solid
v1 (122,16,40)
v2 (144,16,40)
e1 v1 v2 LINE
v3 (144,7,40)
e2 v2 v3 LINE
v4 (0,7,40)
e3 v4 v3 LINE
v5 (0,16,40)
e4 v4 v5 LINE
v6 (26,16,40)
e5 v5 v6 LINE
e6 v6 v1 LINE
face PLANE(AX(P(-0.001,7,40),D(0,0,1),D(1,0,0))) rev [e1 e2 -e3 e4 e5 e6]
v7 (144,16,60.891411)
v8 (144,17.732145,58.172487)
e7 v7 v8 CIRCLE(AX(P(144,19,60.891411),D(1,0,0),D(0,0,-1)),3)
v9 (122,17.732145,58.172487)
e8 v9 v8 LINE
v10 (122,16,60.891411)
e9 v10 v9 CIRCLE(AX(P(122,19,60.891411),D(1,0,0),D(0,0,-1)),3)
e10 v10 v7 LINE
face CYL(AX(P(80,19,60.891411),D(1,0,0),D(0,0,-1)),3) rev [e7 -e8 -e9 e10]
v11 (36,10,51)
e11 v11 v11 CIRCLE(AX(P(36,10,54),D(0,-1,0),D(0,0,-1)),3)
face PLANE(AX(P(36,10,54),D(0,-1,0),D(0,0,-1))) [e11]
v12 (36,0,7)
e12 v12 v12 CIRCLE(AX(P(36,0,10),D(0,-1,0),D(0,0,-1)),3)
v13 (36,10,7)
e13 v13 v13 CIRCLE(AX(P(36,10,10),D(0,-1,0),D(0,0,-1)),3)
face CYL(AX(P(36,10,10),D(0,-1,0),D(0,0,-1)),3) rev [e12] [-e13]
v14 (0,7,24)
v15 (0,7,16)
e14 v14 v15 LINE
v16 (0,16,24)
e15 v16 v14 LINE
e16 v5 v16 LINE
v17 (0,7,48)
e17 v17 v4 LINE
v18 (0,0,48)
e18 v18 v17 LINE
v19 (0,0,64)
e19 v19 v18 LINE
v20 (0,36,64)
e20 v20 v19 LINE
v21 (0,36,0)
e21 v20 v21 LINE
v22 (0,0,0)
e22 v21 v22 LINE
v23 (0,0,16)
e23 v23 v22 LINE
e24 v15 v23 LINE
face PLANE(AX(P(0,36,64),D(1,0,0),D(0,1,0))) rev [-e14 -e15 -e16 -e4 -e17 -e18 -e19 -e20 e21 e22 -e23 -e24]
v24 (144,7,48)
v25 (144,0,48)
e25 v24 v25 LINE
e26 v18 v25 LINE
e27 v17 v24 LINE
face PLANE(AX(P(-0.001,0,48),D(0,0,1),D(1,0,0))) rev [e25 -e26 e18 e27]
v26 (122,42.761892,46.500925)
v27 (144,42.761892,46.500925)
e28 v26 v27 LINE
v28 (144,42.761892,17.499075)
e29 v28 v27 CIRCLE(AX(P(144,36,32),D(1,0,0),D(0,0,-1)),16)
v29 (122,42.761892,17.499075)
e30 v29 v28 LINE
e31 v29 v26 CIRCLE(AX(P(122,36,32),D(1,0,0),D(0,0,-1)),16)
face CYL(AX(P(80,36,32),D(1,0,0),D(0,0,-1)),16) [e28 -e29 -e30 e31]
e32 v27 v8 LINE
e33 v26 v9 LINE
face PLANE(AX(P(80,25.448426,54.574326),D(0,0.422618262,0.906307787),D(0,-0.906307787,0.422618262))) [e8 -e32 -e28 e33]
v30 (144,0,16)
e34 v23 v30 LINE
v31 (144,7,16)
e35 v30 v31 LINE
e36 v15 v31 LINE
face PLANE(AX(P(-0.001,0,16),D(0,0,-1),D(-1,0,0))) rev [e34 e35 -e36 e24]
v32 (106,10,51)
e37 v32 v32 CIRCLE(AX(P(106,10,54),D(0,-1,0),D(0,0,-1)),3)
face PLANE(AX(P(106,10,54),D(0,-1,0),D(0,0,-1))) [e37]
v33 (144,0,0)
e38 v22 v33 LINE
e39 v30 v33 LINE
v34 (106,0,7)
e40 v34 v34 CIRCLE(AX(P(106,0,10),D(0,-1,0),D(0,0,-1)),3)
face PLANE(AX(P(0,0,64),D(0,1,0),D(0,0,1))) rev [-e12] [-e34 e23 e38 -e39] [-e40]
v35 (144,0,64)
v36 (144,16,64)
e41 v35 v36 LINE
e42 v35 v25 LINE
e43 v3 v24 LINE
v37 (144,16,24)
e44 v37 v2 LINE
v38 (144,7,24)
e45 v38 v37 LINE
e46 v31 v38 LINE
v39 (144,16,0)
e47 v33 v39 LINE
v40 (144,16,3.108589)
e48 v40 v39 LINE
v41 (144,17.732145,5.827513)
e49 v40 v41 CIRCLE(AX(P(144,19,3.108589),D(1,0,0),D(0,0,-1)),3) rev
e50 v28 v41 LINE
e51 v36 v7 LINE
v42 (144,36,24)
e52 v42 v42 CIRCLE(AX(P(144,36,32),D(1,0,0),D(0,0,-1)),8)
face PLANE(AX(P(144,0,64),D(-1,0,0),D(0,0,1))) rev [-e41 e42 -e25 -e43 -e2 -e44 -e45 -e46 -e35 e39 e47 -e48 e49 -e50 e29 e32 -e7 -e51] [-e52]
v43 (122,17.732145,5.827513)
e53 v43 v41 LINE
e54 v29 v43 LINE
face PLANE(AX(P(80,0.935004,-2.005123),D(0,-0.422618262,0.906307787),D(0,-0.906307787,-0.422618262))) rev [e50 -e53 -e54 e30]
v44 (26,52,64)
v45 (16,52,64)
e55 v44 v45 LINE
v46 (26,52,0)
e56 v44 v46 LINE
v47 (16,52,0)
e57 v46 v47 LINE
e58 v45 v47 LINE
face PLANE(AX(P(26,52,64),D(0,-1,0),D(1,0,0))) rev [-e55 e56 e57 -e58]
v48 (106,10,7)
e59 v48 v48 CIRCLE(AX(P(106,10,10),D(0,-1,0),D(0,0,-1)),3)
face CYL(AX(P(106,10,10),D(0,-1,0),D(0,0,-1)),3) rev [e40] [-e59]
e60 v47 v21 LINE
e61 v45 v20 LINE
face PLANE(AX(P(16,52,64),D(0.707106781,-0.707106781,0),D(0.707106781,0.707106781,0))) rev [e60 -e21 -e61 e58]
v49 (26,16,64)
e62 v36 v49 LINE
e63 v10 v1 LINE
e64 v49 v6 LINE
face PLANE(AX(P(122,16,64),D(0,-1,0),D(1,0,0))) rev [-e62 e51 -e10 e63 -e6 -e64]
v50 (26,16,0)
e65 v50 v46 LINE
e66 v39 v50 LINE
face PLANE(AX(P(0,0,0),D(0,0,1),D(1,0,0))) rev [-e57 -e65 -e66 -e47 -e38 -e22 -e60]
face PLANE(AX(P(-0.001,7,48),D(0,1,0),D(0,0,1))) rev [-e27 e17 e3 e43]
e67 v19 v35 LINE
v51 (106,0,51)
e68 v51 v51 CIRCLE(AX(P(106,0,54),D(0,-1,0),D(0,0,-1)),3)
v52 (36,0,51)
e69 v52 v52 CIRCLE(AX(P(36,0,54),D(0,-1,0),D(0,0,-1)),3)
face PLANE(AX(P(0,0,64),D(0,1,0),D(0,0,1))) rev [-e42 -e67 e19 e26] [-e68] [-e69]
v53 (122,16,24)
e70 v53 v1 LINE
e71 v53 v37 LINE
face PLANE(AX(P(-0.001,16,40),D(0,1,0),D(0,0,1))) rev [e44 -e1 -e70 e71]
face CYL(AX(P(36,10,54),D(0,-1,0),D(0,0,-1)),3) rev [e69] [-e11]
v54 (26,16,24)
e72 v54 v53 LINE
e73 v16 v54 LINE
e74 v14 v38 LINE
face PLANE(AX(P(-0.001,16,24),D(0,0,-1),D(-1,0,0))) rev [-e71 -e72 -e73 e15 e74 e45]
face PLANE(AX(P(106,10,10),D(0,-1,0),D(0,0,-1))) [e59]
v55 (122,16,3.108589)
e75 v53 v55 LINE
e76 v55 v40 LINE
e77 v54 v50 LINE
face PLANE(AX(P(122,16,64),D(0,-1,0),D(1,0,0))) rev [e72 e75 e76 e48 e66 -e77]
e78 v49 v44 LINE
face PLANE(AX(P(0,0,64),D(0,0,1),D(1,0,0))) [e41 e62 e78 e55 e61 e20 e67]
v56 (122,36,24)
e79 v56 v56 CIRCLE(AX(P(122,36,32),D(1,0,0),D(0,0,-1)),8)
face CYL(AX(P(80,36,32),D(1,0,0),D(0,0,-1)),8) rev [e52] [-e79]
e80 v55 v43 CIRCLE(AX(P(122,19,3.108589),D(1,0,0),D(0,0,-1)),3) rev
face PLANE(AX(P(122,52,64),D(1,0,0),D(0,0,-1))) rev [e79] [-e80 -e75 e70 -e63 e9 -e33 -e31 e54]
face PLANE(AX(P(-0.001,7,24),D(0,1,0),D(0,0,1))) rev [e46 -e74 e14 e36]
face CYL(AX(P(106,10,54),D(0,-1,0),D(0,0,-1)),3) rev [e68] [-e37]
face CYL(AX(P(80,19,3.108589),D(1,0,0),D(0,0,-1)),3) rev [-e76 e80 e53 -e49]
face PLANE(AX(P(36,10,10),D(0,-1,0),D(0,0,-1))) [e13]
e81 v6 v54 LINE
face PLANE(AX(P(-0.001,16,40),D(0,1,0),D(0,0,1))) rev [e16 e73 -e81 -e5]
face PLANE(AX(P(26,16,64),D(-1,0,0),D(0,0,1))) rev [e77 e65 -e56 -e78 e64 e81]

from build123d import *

# Parameters (mm, degrees)
BOSS_EXTRUDE1_DEPTH = 64
SKETCH2_R           = 8
CUT_EXTRUDE1_DEPTH  = 64
CUT_EXTRUDE2_REACH  = 146
SKETCH4_R           = 3
CUT_EXTRUDE3_DEPTH  = 10


with BuildPart() as part:
    # Sketch1 → Boss-Extrude1 (new body)
    with BuildSketch(Plane.XY):
        Polygon((0, 0), (144, 0), (144, 52), (122, 52), (122, 16), (26, 16), (26, 52), (16, 52), (0, 36), align=None)
    extrude(amount=BOSS_EXTRUDE1_DEPTH)

    # Sketch2 → Cut-Extrude1 (cut)
    with BuildSketch(Plane(origin=(144, 0, 0), x_dir=(0, 0, -1), z_dir=(1, 0, 0))):
        with BuildLine():
            Line((-64, 52), (-64, 16))
            Line((-64, 16), (-60.891410649, 16))
            ThreePointArc((-60.891410649, 16), (-59.279511824, 16.469825663), (-58.172487288, 17.732145215))
            Line((-58.172487288, 17.732145215), (-46.500924593, 42.761892188))
            ThreePointArc((-46.500924593, 42.761892188), (-40.596793734, 49.494263133), (-32, 52))
            Line((-32, 52), (-64, 52))
        make_face()
        with BuildLine():
            Line((0, 52), (-32, 52))
            ThreePointArc((-32, 52), (-23.403206266, 49.494263133), (-17.499075407, 42.761892188))
            Line((-17.499075407, 42.761892188), (-5.827512712, 17.732145215))
            ThreePointArc((-5.827512712, 17.732145215), (-4.720488176, 16.469825663), (-3.108589351, 16))
            Line((-3.108589351, 16), (0, 16))
            Line((0, 16), (0, 52))
        make_face()
        with Locations((-32, 36)):
            Circle(SKETCH2_R)
    extrude(amount=-CUT_EXTRUDE1_DEPTH, mode=Mode.SUBTRACT)

    # Sketch3 → Cut-Extrude2 (cut, up to next)
    with BuildSketch(Plane(origin=(144, 0, 0), x_dir=(0, 0, -1), z_dir=(1, 0, 0)), mode=Mode.PRIVATE) as cut_extrude2_sk1:
        Polygon((-48, 0), (-16, 0), (-16, 7), (-24, 7), (-24, 16), (-40, 16), (-40, 7), (-48, 7), align=None)
    cut_extrude2_tool1 = extrude(cut_extrude2_sk1.sketch, amount=-CUT_EXTRUDE2_REACH, mode=Mode.PRIVATE) & part.part
    add(cut_extrude2_tool1.solids().sort_by_distance((144, 6.630435, 32))[0], mode=Mode.SUBTRACT)

    # Sketch4 → Cut-Extrude3 (cut)
    with BuildSketch(Plane.XZ):
        with Locations((36, 54)):
            Circle(SKETCH4_R)
        with Locations((106, 54)):
            Circle(SKETCH4_R)
        with Locations((36, 10)):
            Circle(SKETCH4_R)
        with Locations((106, 10)):
            Circle(SKETCH4_R)
    extrude(amount=-CUT_EXTRUDE3_DEPTH, mode=Mode.SUBTRACT)


solid = part.part
